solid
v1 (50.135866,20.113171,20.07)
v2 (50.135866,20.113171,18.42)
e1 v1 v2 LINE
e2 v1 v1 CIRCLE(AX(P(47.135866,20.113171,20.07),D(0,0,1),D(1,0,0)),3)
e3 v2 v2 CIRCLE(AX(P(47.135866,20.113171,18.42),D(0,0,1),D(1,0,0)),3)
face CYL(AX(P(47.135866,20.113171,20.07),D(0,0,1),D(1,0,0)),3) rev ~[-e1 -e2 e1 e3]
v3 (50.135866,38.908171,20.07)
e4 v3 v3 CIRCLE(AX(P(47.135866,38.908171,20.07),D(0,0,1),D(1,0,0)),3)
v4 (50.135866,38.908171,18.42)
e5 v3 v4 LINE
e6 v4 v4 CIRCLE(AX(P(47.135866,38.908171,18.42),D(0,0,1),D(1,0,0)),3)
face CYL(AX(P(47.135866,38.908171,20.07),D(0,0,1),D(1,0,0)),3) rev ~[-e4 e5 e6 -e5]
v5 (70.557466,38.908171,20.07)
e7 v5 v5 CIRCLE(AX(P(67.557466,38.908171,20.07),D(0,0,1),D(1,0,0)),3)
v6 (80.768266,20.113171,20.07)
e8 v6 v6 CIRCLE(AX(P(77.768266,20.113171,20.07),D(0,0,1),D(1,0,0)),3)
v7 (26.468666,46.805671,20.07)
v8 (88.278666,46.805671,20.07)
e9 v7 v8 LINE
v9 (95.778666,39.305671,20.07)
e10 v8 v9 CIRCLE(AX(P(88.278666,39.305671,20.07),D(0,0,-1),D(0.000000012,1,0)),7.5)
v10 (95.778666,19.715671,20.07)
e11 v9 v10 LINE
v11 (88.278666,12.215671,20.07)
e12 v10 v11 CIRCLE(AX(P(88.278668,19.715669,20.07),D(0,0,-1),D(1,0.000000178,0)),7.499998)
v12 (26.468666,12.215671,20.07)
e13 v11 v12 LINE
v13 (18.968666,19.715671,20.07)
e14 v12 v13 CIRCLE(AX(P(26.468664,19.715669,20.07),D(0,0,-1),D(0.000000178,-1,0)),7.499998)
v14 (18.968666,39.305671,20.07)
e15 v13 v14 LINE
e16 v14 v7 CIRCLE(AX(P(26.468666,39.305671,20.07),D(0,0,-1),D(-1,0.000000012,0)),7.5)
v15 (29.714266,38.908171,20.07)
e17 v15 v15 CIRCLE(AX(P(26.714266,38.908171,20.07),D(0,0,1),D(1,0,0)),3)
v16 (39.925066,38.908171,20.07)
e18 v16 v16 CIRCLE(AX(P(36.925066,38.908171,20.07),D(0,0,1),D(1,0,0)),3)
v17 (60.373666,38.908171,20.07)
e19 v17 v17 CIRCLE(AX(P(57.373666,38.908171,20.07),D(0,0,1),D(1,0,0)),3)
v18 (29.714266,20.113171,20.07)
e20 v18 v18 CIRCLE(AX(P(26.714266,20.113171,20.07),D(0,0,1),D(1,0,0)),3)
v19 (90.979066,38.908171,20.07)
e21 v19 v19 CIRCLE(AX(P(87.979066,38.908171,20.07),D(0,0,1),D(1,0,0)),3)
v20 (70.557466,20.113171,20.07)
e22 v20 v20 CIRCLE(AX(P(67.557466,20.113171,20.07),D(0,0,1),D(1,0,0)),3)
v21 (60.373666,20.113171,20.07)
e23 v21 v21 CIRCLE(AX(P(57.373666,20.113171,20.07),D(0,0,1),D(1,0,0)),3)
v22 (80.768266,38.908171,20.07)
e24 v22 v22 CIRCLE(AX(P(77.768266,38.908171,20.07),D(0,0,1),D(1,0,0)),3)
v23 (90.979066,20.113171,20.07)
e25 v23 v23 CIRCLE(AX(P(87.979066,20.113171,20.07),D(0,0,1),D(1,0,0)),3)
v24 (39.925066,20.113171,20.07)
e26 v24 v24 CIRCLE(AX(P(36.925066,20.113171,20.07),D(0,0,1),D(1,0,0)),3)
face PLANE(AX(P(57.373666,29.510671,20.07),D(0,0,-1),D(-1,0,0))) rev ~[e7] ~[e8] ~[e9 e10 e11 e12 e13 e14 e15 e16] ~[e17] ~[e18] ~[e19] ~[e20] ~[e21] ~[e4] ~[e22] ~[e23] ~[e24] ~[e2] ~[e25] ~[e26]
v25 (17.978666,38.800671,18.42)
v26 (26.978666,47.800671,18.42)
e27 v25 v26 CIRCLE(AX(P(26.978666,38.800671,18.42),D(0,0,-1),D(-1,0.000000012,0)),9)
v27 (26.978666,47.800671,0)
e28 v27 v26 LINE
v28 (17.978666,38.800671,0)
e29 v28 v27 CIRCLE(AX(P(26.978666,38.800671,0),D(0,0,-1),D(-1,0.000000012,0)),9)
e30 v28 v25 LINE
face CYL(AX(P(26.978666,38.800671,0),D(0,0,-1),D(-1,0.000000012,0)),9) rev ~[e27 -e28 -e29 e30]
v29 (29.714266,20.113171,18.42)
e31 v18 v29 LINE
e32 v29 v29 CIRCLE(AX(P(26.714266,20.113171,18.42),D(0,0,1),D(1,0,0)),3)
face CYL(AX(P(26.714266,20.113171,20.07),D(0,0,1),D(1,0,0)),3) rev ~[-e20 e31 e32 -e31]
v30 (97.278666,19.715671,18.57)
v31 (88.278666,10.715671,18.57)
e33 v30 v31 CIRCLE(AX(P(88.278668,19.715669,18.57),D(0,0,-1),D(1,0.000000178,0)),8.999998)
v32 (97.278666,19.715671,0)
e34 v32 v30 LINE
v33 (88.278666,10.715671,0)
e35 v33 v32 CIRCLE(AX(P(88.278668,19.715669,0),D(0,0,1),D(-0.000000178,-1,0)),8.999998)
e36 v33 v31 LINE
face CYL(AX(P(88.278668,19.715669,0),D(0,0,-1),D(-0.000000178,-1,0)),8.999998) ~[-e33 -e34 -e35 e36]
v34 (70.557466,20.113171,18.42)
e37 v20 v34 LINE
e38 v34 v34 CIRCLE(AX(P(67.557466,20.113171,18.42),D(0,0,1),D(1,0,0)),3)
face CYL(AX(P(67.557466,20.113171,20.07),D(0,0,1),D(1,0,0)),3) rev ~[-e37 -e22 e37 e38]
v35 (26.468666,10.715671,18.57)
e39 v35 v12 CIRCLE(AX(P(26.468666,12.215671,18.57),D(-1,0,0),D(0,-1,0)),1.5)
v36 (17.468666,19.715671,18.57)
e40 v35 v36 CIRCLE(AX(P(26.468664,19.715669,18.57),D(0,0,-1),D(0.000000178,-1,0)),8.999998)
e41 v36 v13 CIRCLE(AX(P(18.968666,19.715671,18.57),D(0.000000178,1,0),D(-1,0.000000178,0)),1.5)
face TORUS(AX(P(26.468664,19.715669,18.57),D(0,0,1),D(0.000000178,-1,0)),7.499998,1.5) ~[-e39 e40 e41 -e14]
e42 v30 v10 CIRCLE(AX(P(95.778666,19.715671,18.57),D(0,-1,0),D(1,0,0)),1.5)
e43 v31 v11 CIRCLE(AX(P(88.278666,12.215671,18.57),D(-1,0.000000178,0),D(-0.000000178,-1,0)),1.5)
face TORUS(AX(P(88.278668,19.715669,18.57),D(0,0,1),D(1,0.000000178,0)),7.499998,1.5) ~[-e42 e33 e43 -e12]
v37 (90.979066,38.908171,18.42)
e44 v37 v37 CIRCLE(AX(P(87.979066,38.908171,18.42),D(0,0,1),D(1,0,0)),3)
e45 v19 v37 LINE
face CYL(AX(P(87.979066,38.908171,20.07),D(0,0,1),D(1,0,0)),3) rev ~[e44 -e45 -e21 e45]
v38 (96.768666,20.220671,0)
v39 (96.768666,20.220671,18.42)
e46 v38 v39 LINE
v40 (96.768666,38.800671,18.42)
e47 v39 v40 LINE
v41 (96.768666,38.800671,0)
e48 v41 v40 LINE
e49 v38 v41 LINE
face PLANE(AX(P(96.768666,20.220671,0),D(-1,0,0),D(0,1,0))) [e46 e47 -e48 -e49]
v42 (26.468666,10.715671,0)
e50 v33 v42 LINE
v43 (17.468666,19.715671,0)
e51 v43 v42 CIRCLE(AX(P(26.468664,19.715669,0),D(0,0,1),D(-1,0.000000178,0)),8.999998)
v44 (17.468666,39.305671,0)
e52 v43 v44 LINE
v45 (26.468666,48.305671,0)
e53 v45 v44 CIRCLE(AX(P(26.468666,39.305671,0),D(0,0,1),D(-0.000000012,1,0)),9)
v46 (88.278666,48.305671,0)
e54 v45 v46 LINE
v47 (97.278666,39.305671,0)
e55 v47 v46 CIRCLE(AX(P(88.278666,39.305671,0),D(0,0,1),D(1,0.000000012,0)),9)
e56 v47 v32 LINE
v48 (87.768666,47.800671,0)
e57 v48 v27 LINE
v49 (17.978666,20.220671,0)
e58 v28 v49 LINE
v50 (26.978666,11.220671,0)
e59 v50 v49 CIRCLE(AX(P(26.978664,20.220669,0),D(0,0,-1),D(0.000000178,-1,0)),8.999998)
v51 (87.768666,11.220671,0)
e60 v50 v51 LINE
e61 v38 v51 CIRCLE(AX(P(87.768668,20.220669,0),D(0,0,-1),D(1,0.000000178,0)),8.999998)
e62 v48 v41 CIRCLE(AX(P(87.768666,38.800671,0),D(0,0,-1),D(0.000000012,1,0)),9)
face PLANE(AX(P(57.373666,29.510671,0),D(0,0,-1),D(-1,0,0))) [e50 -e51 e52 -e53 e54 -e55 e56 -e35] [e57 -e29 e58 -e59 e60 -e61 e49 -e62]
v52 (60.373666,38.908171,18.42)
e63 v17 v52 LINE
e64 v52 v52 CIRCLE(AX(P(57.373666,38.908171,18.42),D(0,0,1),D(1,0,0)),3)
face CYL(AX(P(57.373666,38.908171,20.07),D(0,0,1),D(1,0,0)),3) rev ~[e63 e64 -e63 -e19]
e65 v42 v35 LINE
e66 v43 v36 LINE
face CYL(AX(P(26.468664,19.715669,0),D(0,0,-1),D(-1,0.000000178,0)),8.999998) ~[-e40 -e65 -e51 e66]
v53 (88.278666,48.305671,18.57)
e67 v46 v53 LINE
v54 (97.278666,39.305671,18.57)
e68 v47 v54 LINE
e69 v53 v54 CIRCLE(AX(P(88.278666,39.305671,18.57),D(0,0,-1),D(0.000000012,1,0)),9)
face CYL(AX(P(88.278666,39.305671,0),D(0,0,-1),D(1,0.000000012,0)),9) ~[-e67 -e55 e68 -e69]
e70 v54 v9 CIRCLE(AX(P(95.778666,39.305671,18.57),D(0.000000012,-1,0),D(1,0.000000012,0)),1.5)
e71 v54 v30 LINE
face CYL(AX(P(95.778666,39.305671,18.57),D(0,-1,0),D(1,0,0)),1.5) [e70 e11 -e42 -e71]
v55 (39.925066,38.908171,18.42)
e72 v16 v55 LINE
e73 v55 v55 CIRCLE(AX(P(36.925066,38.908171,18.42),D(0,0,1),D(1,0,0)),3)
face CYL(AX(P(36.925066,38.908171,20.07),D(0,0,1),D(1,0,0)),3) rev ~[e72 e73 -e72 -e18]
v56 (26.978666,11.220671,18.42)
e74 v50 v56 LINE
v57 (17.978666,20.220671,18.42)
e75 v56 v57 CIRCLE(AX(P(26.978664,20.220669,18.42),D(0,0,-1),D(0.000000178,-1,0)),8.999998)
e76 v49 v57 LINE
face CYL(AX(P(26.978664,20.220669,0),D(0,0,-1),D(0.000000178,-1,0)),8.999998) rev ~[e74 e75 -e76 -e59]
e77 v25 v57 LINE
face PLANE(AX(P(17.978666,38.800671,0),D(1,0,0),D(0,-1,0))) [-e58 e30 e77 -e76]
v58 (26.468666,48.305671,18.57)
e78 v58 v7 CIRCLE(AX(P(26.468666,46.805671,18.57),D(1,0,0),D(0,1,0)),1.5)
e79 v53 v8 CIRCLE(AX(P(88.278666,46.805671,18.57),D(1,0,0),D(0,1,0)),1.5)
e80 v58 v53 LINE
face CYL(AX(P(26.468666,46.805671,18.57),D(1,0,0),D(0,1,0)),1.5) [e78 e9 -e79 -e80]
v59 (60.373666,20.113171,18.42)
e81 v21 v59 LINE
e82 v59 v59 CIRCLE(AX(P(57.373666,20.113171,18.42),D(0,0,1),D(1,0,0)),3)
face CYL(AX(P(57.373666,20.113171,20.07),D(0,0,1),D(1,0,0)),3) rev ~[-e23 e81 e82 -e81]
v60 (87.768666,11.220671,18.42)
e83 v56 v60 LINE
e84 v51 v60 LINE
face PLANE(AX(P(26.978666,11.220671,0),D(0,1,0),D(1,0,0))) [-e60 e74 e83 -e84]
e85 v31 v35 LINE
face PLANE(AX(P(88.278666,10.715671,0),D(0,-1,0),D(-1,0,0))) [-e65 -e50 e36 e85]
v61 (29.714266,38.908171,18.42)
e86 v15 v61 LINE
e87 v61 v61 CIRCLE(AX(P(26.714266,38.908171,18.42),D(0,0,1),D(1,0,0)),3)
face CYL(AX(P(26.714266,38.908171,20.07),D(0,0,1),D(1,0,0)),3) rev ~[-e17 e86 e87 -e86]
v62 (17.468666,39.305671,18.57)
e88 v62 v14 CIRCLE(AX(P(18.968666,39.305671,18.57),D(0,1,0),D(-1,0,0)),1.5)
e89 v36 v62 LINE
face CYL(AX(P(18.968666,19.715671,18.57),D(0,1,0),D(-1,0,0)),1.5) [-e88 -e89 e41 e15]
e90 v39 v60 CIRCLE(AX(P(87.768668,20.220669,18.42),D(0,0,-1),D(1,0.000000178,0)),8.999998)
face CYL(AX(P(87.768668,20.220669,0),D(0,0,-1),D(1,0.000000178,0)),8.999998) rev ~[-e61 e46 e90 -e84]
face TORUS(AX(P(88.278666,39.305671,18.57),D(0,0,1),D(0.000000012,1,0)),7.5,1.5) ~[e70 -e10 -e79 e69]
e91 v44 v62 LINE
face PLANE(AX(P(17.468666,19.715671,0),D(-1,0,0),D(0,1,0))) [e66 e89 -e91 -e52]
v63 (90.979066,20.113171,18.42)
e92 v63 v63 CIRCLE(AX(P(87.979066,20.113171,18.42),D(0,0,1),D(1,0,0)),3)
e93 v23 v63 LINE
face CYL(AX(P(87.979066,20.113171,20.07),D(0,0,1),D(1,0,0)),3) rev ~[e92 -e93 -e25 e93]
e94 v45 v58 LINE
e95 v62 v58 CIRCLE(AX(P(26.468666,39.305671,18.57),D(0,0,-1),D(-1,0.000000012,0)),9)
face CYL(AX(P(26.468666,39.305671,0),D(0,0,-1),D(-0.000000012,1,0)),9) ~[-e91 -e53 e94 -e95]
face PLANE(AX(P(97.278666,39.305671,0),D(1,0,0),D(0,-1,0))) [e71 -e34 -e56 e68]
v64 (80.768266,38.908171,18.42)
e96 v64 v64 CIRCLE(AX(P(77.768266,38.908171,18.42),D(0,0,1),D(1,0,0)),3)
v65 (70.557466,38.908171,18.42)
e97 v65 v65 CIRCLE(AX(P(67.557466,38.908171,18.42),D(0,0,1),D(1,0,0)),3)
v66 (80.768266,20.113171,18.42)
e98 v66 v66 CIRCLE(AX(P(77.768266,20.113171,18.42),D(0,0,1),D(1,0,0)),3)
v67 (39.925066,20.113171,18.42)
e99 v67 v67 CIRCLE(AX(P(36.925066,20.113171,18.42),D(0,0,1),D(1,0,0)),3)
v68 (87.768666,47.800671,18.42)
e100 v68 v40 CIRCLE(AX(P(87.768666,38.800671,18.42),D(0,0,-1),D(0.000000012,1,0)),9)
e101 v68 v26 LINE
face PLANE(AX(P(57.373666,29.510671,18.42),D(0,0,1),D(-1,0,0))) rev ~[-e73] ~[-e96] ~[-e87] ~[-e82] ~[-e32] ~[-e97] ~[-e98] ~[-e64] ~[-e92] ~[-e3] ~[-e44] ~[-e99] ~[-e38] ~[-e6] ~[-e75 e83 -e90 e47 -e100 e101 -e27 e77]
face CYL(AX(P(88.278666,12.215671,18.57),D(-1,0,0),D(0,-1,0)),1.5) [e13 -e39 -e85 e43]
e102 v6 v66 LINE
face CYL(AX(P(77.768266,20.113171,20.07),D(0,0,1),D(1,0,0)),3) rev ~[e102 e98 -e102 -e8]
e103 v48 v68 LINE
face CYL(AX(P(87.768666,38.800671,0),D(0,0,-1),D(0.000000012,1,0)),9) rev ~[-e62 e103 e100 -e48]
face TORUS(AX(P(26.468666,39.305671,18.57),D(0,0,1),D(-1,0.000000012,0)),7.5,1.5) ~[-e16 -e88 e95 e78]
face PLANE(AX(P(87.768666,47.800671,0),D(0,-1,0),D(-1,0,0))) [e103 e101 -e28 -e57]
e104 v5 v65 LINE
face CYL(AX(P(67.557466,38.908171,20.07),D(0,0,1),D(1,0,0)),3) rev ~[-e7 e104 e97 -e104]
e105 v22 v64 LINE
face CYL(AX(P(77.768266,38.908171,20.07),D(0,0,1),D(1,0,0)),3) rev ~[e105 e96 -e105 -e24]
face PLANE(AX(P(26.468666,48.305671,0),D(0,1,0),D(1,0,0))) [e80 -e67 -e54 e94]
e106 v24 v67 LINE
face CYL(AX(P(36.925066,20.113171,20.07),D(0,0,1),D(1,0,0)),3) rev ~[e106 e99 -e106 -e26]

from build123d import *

# Parameters (mm, degrees)
PAD_DEPTH     = 20.07
POCKET_DEPTH  = 18.42
SKETCH002_R   = 3
HOLE_DEPTH    = 25
SKETCH003_R   = 3
HOLE001_DEPTH = 25
SKETCH004_R   = 3
HOLE002_DEPTH = 25
SKETCH005_R   = 3
HOLE003_DEPTH = 25
SKETCH006_R   = 3
HOLE004_DEPTH = 25
SKETCH007_R   = 3
HOLE005_DEPTH = 25
SKETCH008_R   = 3
HOLE006_DEPTH = 25
FILLET_R      = 1.5
SKETCH009_R   = 3
HOLE007_DEPTH = 25
SKETCH010_R   = 3
HOLE008_DEPTH = 25
SKETCH011_R   = 3
HOLE009_DEPTH = 25
SKETCH012_R   = 3
HOLE010_DEPTH = 25
SKETCH013_R   = 3
HOLE011_DEPTH = 25
SKETCH014_R   = 3
HOLE012_DEPTH = 25
SKETCH015_R   = 3
HOLE013_DEPTH = 25


with BuildPart() as part:
    # Sketch → Pad (new body)
    with BuildSketch(Plane.XY):
        with BuildLine():
            Line((26.468666, 48.305671), (88.278666, 48.305671))
            ThreePointArc((97.278666, 39.305671), (94.642627, 45.669632), (88.278666, 48.305671))
            Line((97.278666, 39.305671), (97.278666, 19.715671))
            ThreePointArc((88.278666, 10.715671), (94.642627, 13.351709), (97.278666, 19.715671))
            Line((88.278666, 10.715671), (26.468666, 10.715671))
            ThreePointArc((17.468666, 19.715671), (20.104705, 13.351709), (26.468666, 10.715671))
            Line((17.468666, 19.715671), (17.468666, 39.305671))
            ThreePointArc((26.468666, 48.305671), (20.104705, 45.669632), (17.468666, 39.305671))
        make_face()
    extrude(amount=PAD_DEPTH)

    # Sketch001 (on Face9 of Pad) → Pocket (cut)
    with BuildSketch(Plane(origin=(0, 0, 0), x_dir=(1, 0, 0), z_dir=(0, 0, -1))):
        with BuildLine():
            Line((26.978666, -11.220671), (87.768666, -11.220671))
            ThreePointArc((96.768666, -20.220671), (94.132627, -13.856709), (87.768666, -11.220671))
            Line((96.768666, -20.220671), (96.768666, -38.800671))
            ThreePointArc((87.768666, -47.800671), (94.132627, -45.164632), (96.768666, -38.800671))
            Line((87.768666, -47.800671), (26.978666, -47.800671))
            ThreePointArc((17.978666, -38.800671), (20.614705, -45.164632), (26.978666, -47.800671))
            Line((17.978666, -38.800671), (17.978666, -20.220671))
            ThreePointArc((26.978666, -11.220671), (20.614705, -13.856709), (17.978666, -20.220671))
        make_face()
    extrude(amount=-POCKET_DEPTH, mode=Mode.SUBTRACT)

    # Sketch002 (on Face5 of Pocket) → Hole (cut)
    with BuildSketch(Plane.XY.offset(20.07)):
        with Locations((57.373666, 38.908171)):
            Circle(SKETCH002_R)
    extrude(amount=-HOLE_DEPTH, mode=Mode.SUBTRACT)

    # Sketch003 (on Face5 of Hole) → Hole001 (cut)
    with BuildSketch(Plane.XY.offset(20.07)):
        with Locations((47.135866, 38.908171)):
            Circle(SKETCH003_R)
    extrude(amount=-HOLE001_DEPTH, mode=Mode.SUBTRACT)

    # Sketch004 (on Face5 of Hole001) → Hole002 (cut)
    with BuildSketch(Plane.XY.offset(20.07)):
        with Locations((36.925066, 38.908171)):
            Circle(SKETCH004_R)
    extrude(amount=-HOLE002_DEPTH, mode=Mode.SUBTRACT)

    # Sketch005 (on Face5 of Hole002) → Hole003 (cut)
    with BuildSketch(Plane.XY.offset(20.07)):
        with Locations((26.714266, 38.908171)):
            Circle(SKETCH005_R)
    extrude(amount=-HOLE003_DEPTH, mode=Mode.SUBTRACT)

    # Sketch006 (on Face5 of Hole003) → Hole004 (cut)
    with BuildSketch(Plane.XY.offset(20.07)):
        with Locations((67.557466, 38.908171)):
            Circle(SKETCH006_R)
    extrude(amount=-HOLE004_DEPTH, mode=Mode.SUBTRACT)

    # Sketch007 (on Face5 of Hole004) → Hole005 (cut)
    with BuildSketch(Plane.XY.offset(20.07)):
        with Locations((77.768266, 38.908171)):
            Circle(SKETCH007_R)
    extrude(amount=-HOLE005_DEPTH, mode=Mode.SUBTRACT)

    # Sketch008 (on Face5 of Hole005) → Hole006 (cut)
    with BuildSketch(Plane.XY.offset(20.07)):
        with Locations((87.979066, 38.908171)):
            Circle(SKETCH008_R)
    extrude(amount=-HOLE006_DEPTH, mode=Mode.SUBTRACT)

    # Fillet
    fillet_edges = [part.edges().sort_by_distance(p)[0] for p in [
        (57.373666, 48.305671, 20.07),
    ]]
    fillet(fillet_edges, radius=FILLET_R)

    # Sketch009 (on Face8 of Fillet) → Hole007 (cut)
    with BuildSketch(Plane.XY.offset(20.07)):
        with Locations((57.373666, 20.113171)):
            Circle(SKETCH009_R)
    extrude(amount=-HOLE007_DEPTH, mode=Mode.SUBTRACT)

    # Sketch010 (on Face8 of Hole007) → Hole008 (cut)
    with BuildSketch(Plane.XY.offset(20.07)):
        with Locations((47.135866, 20.113171)):
            Circle(SKETCH010_R)
    extrude(amount=-HOLE008_DEPTH, mode=Mode.SUBTRACT)

    # Sketch011 (on Face8 of Hole008) → Hole009 (cut)
    with BuildSketch(Plane.XY.offset(20.07)):
        with Locations((36.925066, 20.113171)):
            Circle(SKETCH011_R)
    extrude(amount=-HOLE009_DEPTH, mode=Mode.SUBTRACT)

    # Sketch012 (on Face8 of Hole009) → Hole010 (cut)
    with BuildSketch(Plane.XY.offset(20.07)):
        with Locations((26.714266, 20.113171)):
            Circle(SKETCH012_R)
    extrude(amount=-HOLE010_DEPTH, mode=Mode.SUBTRACT)

    # Sketch013 (on Face8 of Hole010) → Hole011 (cut)
    with BuildSketch(Plane.XY.offset(20.07)):
        with Locations((67.557466, 20.113171)):
            Circle(SKETCH013_R)
    extrude(amount=-HOLE011_DEPTH, mode=Mode.SUBTRACT)

    # Sketch014 (on Face8 of Hole011) → Hole012 (cut)
    with BuildSketch(Plane.XY.offset(20.07)):
        with Locations((77.768266, 20.113171)):
            Circle(SKETCH014_R)
    extrude(amount=-HOLE012_DEPTH, mode=Mode.SUBTRACT)

    # Sketch015 (on Face8 of Hole012) → Hole013 (cut)
    with BuildSketch(Plane.XY.offset(20.07)):
        with Locations((87.979066, 20.113171)):
            Circle(SKETCH015_R)
    extrude(amount=-HOLE013_DEPTH, mode=Mode.SUBTRACT)


solid = part.part
